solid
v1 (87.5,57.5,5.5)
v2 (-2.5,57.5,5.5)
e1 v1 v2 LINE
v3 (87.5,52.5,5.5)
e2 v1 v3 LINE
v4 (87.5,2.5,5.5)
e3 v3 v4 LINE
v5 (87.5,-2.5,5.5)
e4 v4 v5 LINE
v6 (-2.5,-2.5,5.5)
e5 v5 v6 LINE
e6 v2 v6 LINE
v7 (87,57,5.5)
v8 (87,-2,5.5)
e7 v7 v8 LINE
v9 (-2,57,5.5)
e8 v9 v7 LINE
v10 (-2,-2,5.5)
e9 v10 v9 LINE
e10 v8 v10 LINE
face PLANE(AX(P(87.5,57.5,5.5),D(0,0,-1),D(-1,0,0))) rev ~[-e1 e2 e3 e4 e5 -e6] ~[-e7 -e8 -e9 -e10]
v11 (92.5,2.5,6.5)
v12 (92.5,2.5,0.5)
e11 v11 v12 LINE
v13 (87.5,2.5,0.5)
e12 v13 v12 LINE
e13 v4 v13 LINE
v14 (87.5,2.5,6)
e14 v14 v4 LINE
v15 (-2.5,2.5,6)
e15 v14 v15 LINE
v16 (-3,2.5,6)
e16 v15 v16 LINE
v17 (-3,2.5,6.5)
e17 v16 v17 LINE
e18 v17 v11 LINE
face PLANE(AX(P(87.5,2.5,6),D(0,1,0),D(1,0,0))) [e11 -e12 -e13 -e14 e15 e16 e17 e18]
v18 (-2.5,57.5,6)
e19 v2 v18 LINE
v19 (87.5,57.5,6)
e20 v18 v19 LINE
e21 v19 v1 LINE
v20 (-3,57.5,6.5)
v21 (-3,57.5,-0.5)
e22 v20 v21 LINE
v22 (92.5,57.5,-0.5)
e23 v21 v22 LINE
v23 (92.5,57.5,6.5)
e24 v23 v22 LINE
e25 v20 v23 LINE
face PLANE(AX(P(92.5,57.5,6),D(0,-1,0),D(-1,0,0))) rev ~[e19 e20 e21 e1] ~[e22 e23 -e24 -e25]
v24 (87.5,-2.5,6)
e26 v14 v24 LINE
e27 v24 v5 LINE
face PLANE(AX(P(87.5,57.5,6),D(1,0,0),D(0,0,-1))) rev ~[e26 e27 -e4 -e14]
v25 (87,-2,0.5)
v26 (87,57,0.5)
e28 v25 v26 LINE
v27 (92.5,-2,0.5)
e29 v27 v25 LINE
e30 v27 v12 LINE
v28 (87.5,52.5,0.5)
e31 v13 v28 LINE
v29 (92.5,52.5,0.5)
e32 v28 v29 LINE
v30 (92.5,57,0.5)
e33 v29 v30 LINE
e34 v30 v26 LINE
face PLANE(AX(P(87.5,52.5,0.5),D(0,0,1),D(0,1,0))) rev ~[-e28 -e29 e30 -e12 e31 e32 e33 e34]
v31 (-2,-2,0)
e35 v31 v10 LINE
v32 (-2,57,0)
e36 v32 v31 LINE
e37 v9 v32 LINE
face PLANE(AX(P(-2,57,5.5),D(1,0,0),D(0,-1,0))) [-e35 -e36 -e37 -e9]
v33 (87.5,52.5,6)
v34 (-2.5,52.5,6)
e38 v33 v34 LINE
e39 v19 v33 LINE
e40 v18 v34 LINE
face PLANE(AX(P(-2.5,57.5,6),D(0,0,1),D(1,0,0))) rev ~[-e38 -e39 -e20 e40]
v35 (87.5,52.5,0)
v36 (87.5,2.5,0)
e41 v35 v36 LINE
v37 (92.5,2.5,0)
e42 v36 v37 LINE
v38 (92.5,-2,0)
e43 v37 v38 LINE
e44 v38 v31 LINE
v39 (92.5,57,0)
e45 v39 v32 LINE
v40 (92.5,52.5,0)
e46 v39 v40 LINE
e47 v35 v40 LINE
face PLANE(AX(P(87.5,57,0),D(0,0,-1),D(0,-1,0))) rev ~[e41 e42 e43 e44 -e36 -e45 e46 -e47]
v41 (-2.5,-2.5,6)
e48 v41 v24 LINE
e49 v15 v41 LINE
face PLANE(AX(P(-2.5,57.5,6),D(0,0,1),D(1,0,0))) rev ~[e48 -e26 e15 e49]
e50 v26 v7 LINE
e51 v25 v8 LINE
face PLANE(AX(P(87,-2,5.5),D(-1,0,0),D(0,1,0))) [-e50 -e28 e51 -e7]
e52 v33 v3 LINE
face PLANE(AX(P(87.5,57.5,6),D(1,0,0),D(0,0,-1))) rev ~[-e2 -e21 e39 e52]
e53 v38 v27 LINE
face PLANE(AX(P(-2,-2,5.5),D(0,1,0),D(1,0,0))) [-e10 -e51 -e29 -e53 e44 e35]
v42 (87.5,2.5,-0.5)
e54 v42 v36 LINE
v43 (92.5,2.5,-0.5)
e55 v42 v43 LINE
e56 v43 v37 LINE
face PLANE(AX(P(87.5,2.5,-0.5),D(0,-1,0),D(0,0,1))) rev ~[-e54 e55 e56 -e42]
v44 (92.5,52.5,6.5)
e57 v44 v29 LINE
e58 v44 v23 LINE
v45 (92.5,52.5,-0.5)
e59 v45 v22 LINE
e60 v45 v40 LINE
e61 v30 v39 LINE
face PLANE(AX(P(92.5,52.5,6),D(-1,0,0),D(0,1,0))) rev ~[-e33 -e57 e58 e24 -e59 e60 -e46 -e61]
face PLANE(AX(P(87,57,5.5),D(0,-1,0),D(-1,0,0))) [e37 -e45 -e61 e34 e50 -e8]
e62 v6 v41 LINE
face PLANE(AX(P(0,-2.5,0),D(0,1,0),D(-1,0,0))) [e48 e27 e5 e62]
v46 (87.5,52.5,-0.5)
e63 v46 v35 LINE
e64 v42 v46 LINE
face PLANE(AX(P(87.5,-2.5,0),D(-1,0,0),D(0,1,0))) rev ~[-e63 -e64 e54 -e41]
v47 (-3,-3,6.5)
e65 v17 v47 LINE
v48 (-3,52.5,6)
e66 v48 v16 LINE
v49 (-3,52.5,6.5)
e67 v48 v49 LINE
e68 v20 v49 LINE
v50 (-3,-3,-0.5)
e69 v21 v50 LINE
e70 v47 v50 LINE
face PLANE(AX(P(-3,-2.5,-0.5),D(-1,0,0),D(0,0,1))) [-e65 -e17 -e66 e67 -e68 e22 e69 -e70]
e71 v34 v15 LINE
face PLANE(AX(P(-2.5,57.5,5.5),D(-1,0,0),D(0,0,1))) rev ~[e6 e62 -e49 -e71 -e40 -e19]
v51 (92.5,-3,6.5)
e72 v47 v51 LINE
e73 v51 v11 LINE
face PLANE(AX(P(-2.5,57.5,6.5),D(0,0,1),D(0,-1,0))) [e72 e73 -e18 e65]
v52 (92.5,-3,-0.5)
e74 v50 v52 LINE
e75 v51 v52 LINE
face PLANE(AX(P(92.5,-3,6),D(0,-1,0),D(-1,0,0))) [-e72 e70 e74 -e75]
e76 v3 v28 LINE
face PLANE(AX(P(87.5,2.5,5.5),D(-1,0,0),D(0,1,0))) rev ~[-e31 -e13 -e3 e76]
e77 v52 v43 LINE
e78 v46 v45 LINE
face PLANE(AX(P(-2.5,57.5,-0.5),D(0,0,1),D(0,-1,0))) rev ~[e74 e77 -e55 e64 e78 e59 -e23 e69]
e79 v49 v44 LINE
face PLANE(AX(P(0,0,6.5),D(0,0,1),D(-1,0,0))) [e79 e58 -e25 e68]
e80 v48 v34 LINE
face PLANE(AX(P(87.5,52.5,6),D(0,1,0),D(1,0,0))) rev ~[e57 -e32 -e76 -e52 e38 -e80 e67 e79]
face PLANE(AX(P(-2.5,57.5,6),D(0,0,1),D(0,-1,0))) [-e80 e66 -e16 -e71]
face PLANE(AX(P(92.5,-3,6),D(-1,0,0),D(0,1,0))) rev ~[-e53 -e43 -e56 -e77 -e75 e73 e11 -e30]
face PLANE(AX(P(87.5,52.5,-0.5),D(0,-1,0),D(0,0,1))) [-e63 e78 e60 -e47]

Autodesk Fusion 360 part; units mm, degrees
sketch "Esquisse1" plane through (0, 0, 0) normal (0, 0, 1) x (1, 0, 0)
  line L0 (0, 0) -> (85, 0)
  line L1 (85, 0) -> (85, 55)
  line L2 (85, 55) -> (0, 55)
  line L3 (0, 55) -> (0, 0)
  dimension "d1" = 85
  dimension "d2" = 55
sketch "Esquisse2" plane through (0, 0, 0) normal (0, 0, 1) x (1, 0, 0)
  line L0 (-2, -2) -> (87, -2)
  line L1 (87, -2) -> (87, 57)
  line L2 (87, 57) -> (-2, 57)
  line L3 (-2, 57) -> (-2, -2)
  line L4 (0, 0) -> (85, 0)
  line L5 (85, 55) -> (0, 55)
  line L6 (85, 0) -> (85, 55)
  line L7 (0, 55) -> (0, 0)
  line L8 (87.5, -2.5) -> (87.5, 57.5)
  line L9 (87.5, 57.5) -> (-2.5, 57.5)
  line L10 (-2.5, 57.5) -> (-2.5, -2.5)
  line L11 (-2.5, -2.5) -> (87.5, -2.5)
  dimension "d3" = 2
  dimension "d4" = 2
  dimension "d5" = 2
  dimension "d6" = 2
  dimension "d7" = 0.5
extrude "Extrusion1" add sketch "Esquisse2" along normal blind 5 contours L4 L5 L6 L7 makes body 1
extrude "Extrusion2" add sketch "Esquisse2" against normal blind 0.5 separate body contours L0 L1 L2 L3 makes body 2
extrude "Extrusion3" add sketch "Esquisse2" along normal blind 5.5 and the other way blind 0.5 contours L8 L9 L10 L11 bodies 2
extrude "Extrusion4" add 1 faces at (85, 18.3333, -0.1667) along direction (-1, 0, 0) blind 85 on bodies 2 bodies 2
sketch "Esquisse3" plane through (0, 0, 5.5) normal (0, 0, 1) x (-1, 0, 0)
  line L0 (2, 2) -> (2, -57)
  line L1 (2, -57) -> (-87, -57)
  line L2 (-87, -57) -> (-87, 2)
  line L3 (-87, 2) -> (2, 2)
  line L4 (2.5, 2.5) -> (-87.5, 2.5)
  line L5 (-87.5, 2.5) -> (-87.5, -57.5)
  line L6 (-87.5, -57.5) -> (2.5, -57.5)
  line L7 (2.5, -57.5) -> (2.5, 2.5)
  line L8 (2.5, 2.5) -> (-87.5, 2.5)
  line L9 (-87.5, 2.5) -> (-87.5, -57.5)
  line L10 (-87.5, -57.5) -> (2.5, -57.5)
  line L11 (2.5, -57.5) -> (2.5, 2.5)
  dimension "d18" = 60
  dimension "d19" = 90
extrude "Extrusion5" add sketch "Esquisse3" along normal blind 0.5 separate body contours L0 L1 L2 L3 makes body 3
extrude "Extrusion6" add 1 faces at (-2, 17.6667, 5.6667) along direction (-1, 0, 0) blind 0.5 on bodies 3 bodies 3
extrude "Extrusion7" add 1 faces at (27.3333, 57, 5.8333) along direction (0, 1, 0) blind 0.5 on bodies 3 bodies 3
extrude "Extrusion8" add 1 faces at (87, 37.6667, 5.8333) along direction (1, 0, 0) blind 0.5 on bodies 3 bodies 3
extrude "Extrusion9" add 1 faces at (27.5, -2, 5.6667) along direction (0, -1, 0) blind 0.5 on bodies 3 bodies 3
sketch "Esquisse4" plane through (87.5, 0, 0) normal (1, 0, 0) x (0, 1, 0)
  line L0 (57.5, -0.5) -> (57.5, 5.5)
  line L1 (57.5, 5.5) -> (-2.5, 5.5)
  line L2 (-2.5, 5.5) -> (-2.5, -0.5)
  line L3 (-2.5, -0.5) -> (57.5, -0.5)
  line L4 (-2, 0.5) -> (57, 0.5)
  line L5 (57, 0.5) -> (57, 0)
  line L6 (57, 0) -> (-2, 0)
  line L7 (-2, 0) -> (-2, 0.5)
  line L8 (-2.5, -0.5) -> (2.5, -0.5)
  line L9 (2.5, -0.5) -> (2.5, 4.5)
  line L10 (2.5, 4.5) -> (-2.5, 4.5)
  line L11 (-2.5, 4.5) -> (-2.5, -0.5)
  line L12 (57.5, -0.5) -> (52.5, -0.5)
  line L13 (52.5, -0.5) -> (52.5, 4.5)
  line L14 (52.5, 4.5) -> (57.5, 4.5)
  line L15 (57.5, 4.5) -> (57.5, -0.5)
  dimension "d30" = 0.5
  dimension "d31" = 0.5
  dimension "d32" = 0.5
  dimension "d33" = 0.5
  dimension "d34" = 5
  dimension "d35" = 5
  dimension "d36" = 5
  dimension "d37" = 5
extrude "Extrusion10" add sketch "Esquisse4" along normal blind 5 contours L2 L3 L4 L6 L7 L8 L9 L10 L11 bodies 2
extrude "Extrusion11" add sketch "Esquisse4" along normal blind 5 contours L0 L3 L4 L5 L6 L12 L13 L14 L15 bodies 2
extrude "Extrusion12" cut sketch "Esquisse4" against normal blind 1 contours L4 L6 L9 L13 bodies 2
extrude "Extrusion13" cut 1 faces at (87.3333, 2.5, 0.1667) along direction (0, -1, 0) blind 4.5 on bodies 2 bodies 2
extrude "Extrusion14" cut 1 faces at (87.3333, 52.5, 0.1667) along direction (0, 1, 0) blind 4.5 on bodies 2 bodies 2
extrude "Extrusion15" add 1 faces at (89.1667, 0.8333, 4.5) along direction (0, 0, 1) blind 1 on bodies 2 bodies 2
extrude "Extrusion16" add 1 faces at (89.1667, 54.1667, 4.5) along direction (0, 0, 1) blind 1 on bodies 2 bodies 2
extrude "Extrusion17" add 1 faces at (90.8333, 0.8333, 5.5) along direction (0, 0, 1) blind 0.5 on bodies 2 bodies 2
extrude "Extrusion18" add 1 faces at (60.8333, -2.5, 3.8333) along direction (0, -1, 0) blind 0.5 on bodies 2 bodies 2
extrude "Extrusion19" add 1 faces at (-2.5, 17.1667, 3.8333) along direction (-1, 0, 0) blind 0.5 on bodies 2 bodies 2
sketch "Esquisse5" plane through (0, 0, 6) normal (0, 0, 1) x (-1, 0, 0)
  line L0 (2, 2) -> (2, -57)
  line L1 (2, -57) -> (-87, -57)
  line L2 (-87, -57) -> (-87, 2)
  line L3 (-87, 2) -> (2, 2)
  line L4 (-92.5, 3) -> (-92.5, -2.5)
  line L5 (-92.5, -2.5) -> (-87.5, -2.5)
  line L6 (-87.5, -2.5) -> (-87.5, -52.5)
  line L7 (-87.5, -52.5) -> (-92.5, -52.5)
  line L8 (-92.5, -52.5) -> (-92.5, -57.5)
  line L9 (-92.5, -57.5) -> (3, -57.5)
  line L10 (3, -57.5) -> (3, 3)
  line L11 (3, 3) -> (-92.5, 3)
  line L12 (-87.5, 3) -> (3, 3)
  line L13 (3, 3) -> (3, -2.5)
  line L14 (3, -2.5) -> (-87.5, -2.5)
  line L15 (-87.5, -2.5) -> (-87.5, 3)
  line L16 (3, -57.5) -> (-87.5, -57.5)
  line L17 (-87.5, -57.5) -> (-87.5, -52.5)
  line L18 (-87.5, -52.5) -> (3, -52.5)
  line L19 (3, -52.5) -> (3, -57.5)
  dimension "d58" = 5.5
extrude "Extrusion20" add sketch "Esquisse5" along normal blind 0.5 contours L0 L2 L3 L10 L11 L12 L13 L14 L15 | L0 L2 L3 L14 bodies 2
extrude "Extrusion21" add 1 faces at (89.1667, -1.1667, 6) along direction (0, 0, 1) blind 0.5 on bodies 2 bodies 2
extrude "Extrusion22" add sketch "Esquisse5" along normal blind 0.5 contours L0 L1 L2 L9 L10 L16 L17 L18 L19 | L0 L1 L2 L18 bodies 2
extrude "Extrusion23" add sketch "Esquisse5" along normal blind 0.5 contours L7 L8 L9 L17 bodies 2
sketch "Esquisse6" plane through (0, 57.5, 0) normal (0, 1, 0) x (-1, 0, 0)
  line L0 (-92.5, 6.5) -> (-92.5, -0.5)
  line L1 (-92.5, -0.5) -> (3, -0.5)
  line L2 (3, -0.5) -> (3, 6.5)
  line L3 (3, 6.5) -> (-92.5, 6.5)
  line L4 (2.5, 6) -> (-87.5, 6)
  line L5 (-87.5, 6) -> (-87.5, 5.5)
  line L6 (-87.5, 5.5) -> (2.5, 5.5)
  line L7 (2.5, 5.5) -> (2.5, 6)
  dimension "d67" = 90
  dimension "d68" = 0.5
  dimension "d69" = 0.5
  dimension "d70" = 0.5
extrude "Extrusion24" cut sketch "Esquisse6" against normal blind 60 contours L4 L5 L6 L7 bodies 2
hidden bodies 1 3
